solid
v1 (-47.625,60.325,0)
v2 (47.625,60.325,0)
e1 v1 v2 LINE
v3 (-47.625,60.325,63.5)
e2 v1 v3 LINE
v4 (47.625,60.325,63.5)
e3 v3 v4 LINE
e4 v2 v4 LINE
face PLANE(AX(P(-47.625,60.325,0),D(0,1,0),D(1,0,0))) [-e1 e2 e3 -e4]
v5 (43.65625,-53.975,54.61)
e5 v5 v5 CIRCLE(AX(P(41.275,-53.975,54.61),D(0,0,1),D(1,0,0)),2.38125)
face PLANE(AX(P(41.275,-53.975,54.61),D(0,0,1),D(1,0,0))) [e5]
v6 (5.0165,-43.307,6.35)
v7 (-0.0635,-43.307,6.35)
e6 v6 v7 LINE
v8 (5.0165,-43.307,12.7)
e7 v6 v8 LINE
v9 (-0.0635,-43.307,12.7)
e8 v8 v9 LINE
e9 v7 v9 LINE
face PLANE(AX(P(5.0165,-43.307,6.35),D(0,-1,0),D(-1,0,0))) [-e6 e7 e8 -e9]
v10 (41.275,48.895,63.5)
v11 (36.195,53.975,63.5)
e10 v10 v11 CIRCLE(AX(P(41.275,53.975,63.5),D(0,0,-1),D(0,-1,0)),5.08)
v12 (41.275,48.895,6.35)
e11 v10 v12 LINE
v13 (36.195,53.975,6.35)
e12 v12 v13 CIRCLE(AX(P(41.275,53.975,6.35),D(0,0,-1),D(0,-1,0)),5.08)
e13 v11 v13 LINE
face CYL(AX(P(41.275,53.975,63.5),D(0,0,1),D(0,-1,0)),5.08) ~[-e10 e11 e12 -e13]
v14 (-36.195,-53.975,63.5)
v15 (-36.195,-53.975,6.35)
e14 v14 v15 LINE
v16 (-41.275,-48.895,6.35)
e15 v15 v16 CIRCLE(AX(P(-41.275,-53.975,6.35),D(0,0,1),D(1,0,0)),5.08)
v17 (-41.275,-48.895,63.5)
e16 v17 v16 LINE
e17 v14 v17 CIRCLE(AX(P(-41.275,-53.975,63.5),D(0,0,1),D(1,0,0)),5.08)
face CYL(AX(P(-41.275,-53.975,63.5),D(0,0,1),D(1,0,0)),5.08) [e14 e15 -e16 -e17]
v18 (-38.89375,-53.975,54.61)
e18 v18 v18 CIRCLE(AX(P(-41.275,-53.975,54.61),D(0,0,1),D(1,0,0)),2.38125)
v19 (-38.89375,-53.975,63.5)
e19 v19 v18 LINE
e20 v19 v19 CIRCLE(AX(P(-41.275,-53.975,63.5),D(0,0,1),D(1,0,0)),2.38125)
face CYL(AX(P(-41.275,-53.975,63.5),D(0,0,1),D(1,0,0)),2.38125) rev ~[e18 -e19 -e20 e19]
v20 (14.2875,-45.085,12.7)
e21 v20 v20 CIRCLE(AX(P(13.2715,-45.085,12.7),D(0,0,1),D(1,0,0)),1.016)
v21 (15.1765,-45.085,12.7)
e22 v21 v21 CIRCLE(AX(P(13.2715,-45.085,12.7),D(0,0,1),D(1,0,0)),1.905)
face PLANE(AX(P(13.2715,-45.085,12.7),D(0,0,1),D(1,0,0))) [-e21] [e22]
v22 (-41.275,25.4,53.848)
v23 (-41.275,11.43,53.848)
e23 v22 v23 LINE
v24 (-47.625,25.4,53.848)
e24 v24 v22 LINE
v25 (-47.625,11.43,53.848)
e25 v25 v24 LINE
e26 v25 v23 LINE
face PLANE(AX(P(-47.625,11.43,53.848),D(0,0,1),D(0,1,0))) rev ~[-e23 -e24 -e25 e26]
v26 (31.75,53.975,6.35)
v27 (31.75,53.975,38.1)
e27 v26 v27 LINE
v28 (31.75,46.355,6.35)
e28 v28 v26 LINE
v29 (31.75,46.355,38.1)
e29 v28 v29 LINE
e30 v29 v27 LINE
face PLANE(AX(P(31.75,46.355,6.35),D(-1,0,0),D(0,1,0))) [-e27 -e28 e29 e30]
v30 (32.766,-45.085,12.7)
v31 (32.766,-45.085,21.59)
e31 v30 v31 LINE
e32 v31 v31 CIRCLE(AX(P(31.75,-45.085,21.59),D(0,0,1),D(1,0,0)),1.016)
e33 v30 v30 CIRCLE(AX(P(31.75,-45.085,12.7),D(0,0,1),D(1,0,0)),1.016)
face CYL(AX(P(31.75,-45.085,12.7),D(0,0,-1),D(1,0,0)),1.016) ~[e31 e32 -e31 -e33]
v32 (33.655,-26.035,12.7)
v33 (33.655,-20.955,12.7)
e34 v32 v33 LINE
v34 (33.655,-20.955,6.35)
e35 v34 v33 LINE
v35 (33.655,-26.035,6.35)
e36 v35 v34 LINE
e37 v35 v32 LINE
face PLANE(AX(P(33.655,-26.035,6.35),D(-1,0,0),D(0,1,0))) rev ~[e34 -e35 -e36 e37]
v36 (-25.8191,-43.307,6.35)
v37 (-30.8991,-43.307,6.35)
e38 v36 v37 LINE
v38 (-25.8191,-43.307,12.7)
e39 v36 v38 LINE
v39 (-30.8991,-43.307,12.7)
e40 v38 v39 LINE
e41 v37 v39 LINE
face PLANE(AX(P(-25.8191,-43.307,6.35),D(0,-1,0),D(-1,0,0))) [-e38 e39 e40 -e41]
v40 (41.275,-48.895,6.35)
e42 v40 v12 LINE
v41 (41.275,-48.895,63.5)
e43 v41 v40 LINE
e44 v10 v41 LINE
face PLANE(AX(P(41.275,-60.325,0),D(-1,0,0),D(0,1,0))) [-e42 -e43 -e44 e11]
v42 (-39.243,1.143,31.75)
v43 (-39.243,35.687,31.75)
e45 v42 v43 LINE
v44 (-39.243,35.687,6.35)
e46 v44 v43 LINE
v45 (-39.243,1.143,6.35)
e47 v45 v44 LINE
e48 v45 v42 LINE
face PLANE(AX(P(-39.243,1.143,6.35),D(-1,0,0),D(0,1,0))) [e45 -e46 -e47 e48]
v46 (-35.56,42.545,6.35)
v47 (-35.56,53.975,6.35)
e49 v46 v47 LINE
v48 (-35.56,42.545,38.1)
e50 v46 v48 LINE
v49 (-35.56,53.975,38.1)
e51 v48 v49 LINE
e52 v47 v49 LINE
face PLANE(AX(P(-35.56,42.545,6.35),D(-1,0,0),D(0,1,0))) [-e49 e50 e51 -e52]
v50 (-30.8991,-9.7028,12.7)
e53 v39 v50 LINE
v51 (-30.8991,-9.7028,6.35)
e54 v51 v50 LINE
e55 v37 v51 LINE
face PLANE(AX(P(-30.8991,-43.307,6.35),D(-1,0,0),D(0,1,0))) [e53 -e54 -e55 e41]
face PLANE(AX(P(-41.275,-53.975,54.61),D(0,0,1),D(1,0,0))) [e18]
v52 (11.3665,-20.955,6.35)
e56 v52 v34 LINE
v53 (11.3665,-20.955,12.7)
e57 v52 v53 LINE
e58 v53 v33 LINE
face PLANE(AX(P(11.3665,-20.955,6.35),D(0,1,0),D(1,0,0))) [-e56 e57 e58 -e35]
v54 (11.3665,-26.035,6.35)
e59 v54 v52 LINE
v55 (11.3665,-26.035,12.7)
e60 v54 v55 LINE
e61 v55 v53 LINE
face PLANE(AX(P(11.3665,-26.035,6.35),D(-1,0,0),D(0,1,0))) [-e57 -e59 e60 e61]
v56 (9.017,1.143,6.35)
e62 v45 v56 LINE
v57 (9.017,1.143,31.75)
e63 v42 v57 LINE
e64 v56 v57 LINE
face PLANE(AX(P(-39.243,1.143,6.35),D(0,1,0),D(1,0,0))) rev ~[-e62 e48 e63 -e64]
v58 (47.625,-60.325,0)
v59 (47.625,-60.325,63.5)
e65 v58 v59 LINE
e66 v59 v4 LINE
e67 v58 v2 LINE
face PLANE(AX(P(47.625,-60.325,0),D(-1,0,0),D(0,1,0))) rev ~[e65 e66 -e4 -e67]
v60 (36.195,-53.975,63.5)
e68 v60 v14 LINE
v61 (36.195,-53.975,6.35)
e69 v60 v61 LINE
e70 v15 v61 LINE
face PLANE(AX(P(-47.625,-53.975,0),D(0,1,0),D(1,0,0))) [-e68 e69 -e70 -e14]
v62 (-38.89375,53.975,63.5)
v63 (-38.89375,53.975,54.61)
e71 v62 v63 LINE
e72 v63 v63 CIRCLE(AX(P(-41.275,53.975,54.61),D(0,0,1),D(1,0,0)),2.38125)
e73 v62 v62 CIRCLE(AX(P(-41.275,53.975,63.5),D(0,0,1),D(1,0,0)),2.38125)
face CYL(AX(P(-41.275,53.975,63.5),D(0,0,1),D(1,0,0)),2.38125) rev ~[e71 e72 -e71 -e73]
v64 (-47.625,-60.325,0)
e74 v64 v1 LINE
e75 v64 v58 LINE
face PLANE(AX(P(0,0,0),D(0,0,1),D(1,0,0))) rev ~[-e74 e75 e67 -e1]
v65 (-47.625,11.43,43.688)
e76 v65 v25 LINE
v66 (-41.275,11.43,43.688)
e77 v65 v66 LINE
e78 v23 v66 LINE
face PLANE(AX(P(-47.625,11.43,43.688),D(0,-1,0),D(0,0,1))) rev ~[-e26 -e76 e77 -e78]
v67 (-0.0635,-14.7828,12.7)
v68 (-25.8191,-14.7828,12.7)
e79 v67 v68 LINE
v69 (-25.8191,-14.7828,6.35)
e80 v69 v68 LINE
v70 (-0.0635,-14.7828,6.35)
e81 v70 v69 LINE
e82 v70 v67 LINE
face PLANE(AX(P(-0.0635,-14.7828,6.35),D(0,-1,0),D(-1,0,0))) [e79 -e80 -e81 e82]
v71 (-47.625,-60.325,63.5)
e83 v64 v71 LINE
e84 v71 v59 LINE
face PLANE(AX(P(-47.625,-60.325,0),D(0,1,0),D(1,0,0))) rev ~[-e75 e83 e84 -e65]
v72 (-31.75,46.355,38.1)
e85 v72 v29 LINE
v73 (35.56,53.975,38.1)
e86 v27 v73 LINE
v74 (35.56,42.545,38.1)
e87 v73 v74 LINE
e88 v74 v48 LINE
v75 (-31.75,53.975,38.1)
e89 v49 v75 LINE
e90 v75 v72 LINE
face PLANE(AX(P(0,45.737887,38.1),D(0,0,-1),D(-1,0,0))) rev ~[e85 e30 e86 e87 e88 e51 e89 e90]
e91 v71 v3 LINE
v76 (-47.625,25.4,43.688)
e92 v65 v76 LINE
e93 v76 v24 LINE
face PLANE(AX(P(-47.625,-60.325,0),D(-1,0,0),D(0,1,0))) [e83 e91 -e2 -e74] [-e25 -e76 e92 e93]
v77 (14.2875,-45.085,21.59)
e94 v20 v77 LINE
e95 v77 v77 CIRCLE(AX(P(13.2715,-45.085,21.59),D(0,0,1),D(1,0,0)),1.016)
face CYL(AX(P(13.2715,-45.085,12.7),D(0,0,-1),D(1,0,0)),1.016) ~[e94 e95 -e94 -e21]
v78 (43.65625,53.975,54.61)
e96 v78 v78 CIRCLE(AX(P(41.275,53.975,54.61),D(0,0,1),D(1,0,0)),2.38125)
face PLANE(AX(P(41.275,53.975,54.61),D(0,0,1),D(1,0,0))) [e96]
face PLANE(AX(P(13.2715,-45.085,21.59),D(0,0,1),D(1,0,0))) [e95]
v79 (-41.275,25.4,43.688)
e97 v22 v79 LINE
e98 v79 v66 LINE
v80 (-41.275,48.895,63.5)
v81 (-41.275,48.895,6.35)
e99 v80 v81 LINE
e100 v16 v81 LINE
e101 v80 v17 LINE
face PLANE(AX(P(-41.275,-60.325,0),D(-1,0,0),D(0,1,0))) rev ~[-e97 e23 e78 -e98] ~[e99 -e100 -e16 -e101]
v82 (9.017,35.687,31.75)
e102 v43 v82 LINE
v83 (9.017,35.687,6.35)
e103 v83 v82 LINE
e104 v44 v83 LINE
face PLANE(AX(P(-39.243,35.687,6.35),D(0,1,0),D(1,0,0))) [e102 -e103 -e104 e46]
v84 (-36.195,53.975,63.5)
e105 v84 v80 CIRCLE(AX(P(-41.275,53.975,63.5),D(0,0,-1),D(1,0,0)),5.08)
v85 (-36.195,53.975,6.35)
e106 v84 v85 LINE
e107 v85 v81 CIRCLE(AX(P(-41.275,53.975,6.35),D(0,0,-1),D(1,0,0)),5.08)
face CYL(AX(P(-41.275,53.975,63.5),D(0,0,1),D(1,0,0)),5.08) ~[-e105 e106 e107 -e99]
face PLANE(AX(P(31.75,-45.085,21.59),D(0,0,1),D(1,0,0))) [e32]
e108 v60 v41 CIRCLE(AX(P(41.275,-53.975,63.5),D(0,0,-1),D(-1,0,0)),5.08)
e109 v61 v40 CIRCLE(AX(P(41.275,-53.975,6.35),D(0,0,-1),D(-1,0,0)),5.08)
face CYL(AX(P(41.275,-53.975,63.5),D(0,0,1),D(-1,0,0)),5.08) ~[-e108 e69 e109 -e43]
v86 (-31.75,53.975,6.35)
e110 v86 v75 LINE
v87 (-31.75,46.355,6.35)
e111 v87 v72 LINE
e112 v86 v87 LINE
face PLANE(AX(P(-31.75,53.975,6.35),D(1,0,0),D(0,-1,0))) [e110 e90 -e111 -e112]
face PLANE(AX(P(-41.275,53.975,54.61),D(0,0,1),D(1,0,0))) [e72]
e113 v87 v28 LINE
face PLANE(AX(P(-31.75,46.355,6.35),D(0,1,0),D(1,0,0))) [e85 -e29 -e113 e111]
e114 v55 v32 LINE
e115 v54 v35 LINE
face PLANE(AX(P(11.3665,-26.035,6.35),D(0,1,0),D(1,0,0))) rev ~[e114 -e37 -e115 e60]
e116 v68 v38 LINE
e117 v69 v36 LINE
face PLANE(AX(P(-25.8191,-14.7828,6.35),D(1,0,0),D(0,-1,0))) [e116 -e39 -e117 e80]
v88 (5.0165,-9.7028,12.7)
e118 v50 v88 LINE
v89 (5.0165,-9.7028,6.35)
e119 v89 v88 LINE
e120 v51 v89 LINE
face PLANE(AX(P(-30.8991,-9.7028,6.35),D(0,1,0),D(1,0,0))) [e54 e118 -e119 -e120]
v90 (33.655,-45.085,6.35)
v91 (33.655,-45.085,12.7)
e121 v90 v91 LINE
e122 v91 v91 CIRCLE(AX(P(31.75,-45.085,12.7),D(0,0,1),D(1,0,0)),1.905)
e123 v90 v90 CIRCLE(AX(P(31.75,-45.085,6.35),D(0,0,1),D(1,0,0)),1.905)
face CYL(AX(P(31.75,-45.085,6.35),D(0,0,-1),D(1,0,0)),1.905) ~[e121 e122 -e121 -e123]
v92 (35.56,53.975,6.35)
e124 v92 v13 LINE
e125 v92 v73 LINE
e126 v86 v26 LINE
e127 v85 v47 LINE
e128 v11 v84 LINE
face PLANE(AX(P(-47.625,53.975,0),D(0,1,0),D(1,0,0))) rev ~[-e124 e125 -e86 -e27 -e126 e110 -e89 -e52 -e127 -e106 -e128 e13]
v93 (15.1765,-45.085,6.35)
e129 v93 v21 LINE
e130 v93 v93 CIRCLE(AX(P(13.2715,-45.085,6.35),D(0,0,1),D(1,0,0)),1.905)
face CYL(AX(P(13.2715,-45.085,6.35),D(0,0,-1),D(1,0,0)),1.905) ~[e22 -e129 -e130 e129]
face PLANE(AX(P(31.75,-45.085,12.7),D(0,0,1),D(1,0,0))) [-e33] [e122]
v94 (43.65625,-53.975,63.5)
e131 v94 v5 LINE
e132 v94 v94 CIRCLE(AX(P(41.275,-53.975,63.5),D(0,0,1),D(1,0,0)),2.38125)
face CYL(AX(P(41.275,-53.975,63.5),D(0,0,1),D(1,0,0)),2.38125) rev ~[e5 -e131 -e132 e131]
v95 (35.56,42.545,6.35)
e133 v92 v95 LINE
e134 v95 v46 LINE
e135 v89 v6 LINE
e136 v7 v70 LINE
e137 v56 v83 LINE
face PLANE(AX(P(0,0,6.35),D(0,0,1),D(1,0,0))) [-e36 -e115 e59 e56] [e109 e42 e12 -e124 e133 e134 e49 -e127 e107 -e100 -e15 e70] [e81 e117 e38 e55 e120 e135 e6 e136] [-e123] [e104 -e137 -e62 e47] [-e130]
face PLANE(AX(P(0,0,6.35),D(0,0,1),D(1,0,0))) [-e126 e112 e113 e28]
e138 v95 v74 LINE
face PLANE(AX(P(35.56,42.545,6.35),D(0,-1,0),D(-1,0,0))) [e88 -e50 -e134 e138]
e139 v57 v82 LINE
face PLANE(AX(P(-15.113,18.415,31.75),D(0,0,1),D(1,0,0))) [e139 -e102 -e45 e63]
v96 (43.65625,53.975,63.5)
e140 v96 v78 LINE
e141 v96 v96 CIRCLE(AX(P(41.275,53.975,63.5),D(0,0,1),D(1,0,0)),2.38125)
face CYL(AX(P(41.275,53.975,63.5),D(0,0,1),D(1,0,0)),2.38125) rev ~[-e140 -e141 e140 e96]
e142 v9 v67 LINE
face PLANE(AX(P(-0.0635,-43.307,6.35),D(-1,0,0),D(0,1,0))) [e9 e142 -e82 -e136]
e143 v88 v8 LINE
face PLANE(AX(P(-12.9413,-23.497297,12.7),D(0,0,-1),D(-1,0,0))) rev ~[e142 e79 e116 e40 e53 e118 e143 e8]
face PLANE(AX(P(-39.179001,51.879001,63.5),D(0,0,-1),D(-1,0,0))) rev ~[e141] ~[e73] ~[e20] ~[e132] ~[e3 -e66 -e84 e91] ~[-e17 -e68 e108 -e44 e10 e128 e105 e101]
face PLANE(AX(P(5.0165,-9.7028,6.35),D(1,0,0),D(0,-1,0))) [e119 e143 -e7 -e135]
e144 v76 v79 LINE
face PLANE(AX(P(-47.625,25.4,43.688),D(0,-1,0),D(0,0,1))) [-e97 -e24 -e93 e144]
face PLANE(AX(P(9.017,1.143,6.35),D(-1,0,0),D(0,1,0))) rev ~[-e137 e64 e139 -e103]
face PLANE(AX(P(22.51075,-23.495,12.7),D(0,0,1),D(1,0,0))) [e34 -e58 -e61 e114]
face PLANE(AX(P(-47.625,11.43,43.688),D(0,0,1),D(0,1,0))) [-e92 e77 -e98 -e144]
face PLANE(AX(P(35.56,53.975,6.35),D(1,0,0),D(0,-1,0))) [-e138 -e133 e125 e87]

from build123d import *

# Parameters (mm, degrees)
SKETCH1_W           = 95.25
SKETCH1_H           = 120.65
BOSS_EXTRUDE1_DEPTH = 63.5
SHELL1_T            = -6.35
BOSS_EXTRUDE2_DEPTH = 57.15
SKETCH5_R           = 1.905
SKETCH5_W           = 22.2885
SKETCH5_H           = 5.08
BOSS_EXTRUDE5_DEPTH = 6.35
SKETCH7_R           = 1.016
BOSS_EXTRUDE6_DEPTH = 8.89
SKETCH8_R           = 2.38125
CUT_EXTRUDE1_DEPTH  = 8.89
BOSS_EXTRUDE7_DEPTH = 6.35
CUT_EXTRUDE3_REACH  = 97.25
SKETCH13_W          = 10.16
SKETCH13_H          = 13.97
BOSS_EXTRUDE8_DEPTH = 31.75
SKETCH16_W          = 48.26
SKETCH16_H          = 34.544
BOSS_EXTRUDE9_DEPTH = 25.4


with BuildPart() as part:
    # Sketch1 → Boss-Extrude1 (new body)
    with BuildSketch(Plane.XY):
        Rectangle(SKETCH1_W, SKETCH1_H)
    extrude(amount=BOSS_EXTRUDE1_DEPTH)

    # Shell1
    shell1_openings = [part.faces().sort_by_distance(p)[0] for p in [
        (0, 0, 63.5),
    ]]
    offset(amount=SHELL1_T, openings=shell1_openings, kind=Kind.INTERSECTION)

    # Sketch2 → Boss-Extrude2 (add)
    with BuildSketch(Plane.XY.offset(63.5)):
        with BuildLine():
            Line((-41.275, 53.975), (-36.195, 53.975))
            ThreePointArc((-36.195, 53.975), (-37.682897552, 50.382897552), (-41.275, 48.895))
            Line((-41.275, 48.895), (-41.275, 53.975))
        make_face()
        with BuildLine():
            Line((36.195, 53.975), (41.275, 53.975))
            Line((41.275, 53.975), (41.275, 48.895))
            ThreePointArc((41.275, 48.895), (37.682897552, 50.382897552), (36.195, 53.975))
        make_face()
        with BuildLine():
            Line((41.275, -48.895), (41.275, -53.975))
            Line((41.275, -53.975), (36.195, -53.975))
            ThreePointArc((36.195, -53.975), (37.682897552, -50.382897552), (41.275, -48.895))
        make_face()
        with BuildLine():
            Line((-41.275, -48.895), (-41.275, -53.975))
            Line((-41.275, -53.975), (-36.195, -53.975))
            ThreePointArc((-36.195, -53.975), (-37.682897552, -50.382897552), (-41.275, -48.895))
        make_face()
    extrude(amount=-BOSS_EXTRUDE2_DEPTH)

    # Sketch5 → Boss-Extrude5 (add)
    with BuildSketch(Plane.XY.offset(6.35)):
        with Locations((13.2715, -45.085)):
            Circle(SKETCH5_R)
        with Locations((31.75, -45.085)):
            Circle(SKETCH5_R)
        with Locations((22.51075, -23.495)):
            Rectangle(SKETCH5_W, SKETCH5_H)
    extrude(amount=BOSS_EXTRUDE5_DEPTH)

    # Sketch7 → Boss-Extrude6 (add)
    with BuildSketch(Plane.XY.offset(12.7)):
        with Locations((13.2715, -45.085)):
            Circle(SKETCH7_R)
        with Locations((31.75, -45.085)):
            Circle(SKETCH7_R)
    extrude(amount=BOSS_EXTRUDE6_DEPTH)

    # Sketch8 → Cut-Extrude1 (cut)
    with BuildSketch(Plane.XY.offset(63.5)):
        with Locations((-41.275, 53.975)):
            Circle(SKETCH8_R)
        with Locations((41.275, 53.975)):
            Circle(SKETCH8_R)
        with Locations((41.275, -53.975)):
            Circle(SKETCH8_R)
        with Locations((-41.275, -53.975)):
            Circle(SKETCH8_R)
    extrude(amount=-CUT_EXTRUDE1_DEPTH, mode=Mode.SUBTRACT)

    # Sketch10 → Boss-Extrude7 (add)
    with BuildSketch(Plane.XY.offset(6.35)):
        Polygon((-30.8991, -43.307), (-30.8991, -9.7028), (5.0165, -9.7028), (5.0165, -43.307), (-0.0635, -43.307), (-0.0635, -14.7828), (-25.8191, -14.7828), (-25.8191, -43.307), align=None)
    extrude(amount=BOSS_EXTRUDE7_DEPTH)

    # Sketch13 → Cut-Extrude3 (cut, up to next)
    with BuildSketch(Plane.ZY.offset(47.625), mode=Mode.PRIVATE) as cut_extrude3_sk1:
        with Locations((48.768, 18.415)):
            Rectangle(SKETCH13_W, SKETCH13_H)
    cut_extrude3_tool1 = extrude(cut_extrude3_sk1.sketch, amount=-CUT_EXTRUDE3_REACH, mode=Mode.PRIVATE) & part.part
    add(cut_extrude3_tool1.solids().sort_by_distance((-47.625, 18.415, 48.768))[0], mode=Mode.SUBTRACT)

    # Sketch15 → Boss-Extrude8 (add)
    with BuildSketch(Plane.XY.offset(6.35)):
        Polygon((-31.75, 53.975), (-31.75, 46.355), (31.75, 46.355), (31.75, 53.975), (35.56, 53.975), (35.56, 42.545), (-35.56, 42.545), (-35.56, 53.975), align=None)
    extrude(amount=BOSS_EXTRUDE8_DEPTH)

    # Sketch16 → Boss-Extrude9 (add)
    with BuildSketch(Plane.XY.offset(6.35)):
        with Locations((-15.113, 18.415)):
            Rectangle(SKETCH16_W, SKETCH16_H)
    extrude(amount=BOSS_EXTRUDE9_DEPTH)


solid = part.part
